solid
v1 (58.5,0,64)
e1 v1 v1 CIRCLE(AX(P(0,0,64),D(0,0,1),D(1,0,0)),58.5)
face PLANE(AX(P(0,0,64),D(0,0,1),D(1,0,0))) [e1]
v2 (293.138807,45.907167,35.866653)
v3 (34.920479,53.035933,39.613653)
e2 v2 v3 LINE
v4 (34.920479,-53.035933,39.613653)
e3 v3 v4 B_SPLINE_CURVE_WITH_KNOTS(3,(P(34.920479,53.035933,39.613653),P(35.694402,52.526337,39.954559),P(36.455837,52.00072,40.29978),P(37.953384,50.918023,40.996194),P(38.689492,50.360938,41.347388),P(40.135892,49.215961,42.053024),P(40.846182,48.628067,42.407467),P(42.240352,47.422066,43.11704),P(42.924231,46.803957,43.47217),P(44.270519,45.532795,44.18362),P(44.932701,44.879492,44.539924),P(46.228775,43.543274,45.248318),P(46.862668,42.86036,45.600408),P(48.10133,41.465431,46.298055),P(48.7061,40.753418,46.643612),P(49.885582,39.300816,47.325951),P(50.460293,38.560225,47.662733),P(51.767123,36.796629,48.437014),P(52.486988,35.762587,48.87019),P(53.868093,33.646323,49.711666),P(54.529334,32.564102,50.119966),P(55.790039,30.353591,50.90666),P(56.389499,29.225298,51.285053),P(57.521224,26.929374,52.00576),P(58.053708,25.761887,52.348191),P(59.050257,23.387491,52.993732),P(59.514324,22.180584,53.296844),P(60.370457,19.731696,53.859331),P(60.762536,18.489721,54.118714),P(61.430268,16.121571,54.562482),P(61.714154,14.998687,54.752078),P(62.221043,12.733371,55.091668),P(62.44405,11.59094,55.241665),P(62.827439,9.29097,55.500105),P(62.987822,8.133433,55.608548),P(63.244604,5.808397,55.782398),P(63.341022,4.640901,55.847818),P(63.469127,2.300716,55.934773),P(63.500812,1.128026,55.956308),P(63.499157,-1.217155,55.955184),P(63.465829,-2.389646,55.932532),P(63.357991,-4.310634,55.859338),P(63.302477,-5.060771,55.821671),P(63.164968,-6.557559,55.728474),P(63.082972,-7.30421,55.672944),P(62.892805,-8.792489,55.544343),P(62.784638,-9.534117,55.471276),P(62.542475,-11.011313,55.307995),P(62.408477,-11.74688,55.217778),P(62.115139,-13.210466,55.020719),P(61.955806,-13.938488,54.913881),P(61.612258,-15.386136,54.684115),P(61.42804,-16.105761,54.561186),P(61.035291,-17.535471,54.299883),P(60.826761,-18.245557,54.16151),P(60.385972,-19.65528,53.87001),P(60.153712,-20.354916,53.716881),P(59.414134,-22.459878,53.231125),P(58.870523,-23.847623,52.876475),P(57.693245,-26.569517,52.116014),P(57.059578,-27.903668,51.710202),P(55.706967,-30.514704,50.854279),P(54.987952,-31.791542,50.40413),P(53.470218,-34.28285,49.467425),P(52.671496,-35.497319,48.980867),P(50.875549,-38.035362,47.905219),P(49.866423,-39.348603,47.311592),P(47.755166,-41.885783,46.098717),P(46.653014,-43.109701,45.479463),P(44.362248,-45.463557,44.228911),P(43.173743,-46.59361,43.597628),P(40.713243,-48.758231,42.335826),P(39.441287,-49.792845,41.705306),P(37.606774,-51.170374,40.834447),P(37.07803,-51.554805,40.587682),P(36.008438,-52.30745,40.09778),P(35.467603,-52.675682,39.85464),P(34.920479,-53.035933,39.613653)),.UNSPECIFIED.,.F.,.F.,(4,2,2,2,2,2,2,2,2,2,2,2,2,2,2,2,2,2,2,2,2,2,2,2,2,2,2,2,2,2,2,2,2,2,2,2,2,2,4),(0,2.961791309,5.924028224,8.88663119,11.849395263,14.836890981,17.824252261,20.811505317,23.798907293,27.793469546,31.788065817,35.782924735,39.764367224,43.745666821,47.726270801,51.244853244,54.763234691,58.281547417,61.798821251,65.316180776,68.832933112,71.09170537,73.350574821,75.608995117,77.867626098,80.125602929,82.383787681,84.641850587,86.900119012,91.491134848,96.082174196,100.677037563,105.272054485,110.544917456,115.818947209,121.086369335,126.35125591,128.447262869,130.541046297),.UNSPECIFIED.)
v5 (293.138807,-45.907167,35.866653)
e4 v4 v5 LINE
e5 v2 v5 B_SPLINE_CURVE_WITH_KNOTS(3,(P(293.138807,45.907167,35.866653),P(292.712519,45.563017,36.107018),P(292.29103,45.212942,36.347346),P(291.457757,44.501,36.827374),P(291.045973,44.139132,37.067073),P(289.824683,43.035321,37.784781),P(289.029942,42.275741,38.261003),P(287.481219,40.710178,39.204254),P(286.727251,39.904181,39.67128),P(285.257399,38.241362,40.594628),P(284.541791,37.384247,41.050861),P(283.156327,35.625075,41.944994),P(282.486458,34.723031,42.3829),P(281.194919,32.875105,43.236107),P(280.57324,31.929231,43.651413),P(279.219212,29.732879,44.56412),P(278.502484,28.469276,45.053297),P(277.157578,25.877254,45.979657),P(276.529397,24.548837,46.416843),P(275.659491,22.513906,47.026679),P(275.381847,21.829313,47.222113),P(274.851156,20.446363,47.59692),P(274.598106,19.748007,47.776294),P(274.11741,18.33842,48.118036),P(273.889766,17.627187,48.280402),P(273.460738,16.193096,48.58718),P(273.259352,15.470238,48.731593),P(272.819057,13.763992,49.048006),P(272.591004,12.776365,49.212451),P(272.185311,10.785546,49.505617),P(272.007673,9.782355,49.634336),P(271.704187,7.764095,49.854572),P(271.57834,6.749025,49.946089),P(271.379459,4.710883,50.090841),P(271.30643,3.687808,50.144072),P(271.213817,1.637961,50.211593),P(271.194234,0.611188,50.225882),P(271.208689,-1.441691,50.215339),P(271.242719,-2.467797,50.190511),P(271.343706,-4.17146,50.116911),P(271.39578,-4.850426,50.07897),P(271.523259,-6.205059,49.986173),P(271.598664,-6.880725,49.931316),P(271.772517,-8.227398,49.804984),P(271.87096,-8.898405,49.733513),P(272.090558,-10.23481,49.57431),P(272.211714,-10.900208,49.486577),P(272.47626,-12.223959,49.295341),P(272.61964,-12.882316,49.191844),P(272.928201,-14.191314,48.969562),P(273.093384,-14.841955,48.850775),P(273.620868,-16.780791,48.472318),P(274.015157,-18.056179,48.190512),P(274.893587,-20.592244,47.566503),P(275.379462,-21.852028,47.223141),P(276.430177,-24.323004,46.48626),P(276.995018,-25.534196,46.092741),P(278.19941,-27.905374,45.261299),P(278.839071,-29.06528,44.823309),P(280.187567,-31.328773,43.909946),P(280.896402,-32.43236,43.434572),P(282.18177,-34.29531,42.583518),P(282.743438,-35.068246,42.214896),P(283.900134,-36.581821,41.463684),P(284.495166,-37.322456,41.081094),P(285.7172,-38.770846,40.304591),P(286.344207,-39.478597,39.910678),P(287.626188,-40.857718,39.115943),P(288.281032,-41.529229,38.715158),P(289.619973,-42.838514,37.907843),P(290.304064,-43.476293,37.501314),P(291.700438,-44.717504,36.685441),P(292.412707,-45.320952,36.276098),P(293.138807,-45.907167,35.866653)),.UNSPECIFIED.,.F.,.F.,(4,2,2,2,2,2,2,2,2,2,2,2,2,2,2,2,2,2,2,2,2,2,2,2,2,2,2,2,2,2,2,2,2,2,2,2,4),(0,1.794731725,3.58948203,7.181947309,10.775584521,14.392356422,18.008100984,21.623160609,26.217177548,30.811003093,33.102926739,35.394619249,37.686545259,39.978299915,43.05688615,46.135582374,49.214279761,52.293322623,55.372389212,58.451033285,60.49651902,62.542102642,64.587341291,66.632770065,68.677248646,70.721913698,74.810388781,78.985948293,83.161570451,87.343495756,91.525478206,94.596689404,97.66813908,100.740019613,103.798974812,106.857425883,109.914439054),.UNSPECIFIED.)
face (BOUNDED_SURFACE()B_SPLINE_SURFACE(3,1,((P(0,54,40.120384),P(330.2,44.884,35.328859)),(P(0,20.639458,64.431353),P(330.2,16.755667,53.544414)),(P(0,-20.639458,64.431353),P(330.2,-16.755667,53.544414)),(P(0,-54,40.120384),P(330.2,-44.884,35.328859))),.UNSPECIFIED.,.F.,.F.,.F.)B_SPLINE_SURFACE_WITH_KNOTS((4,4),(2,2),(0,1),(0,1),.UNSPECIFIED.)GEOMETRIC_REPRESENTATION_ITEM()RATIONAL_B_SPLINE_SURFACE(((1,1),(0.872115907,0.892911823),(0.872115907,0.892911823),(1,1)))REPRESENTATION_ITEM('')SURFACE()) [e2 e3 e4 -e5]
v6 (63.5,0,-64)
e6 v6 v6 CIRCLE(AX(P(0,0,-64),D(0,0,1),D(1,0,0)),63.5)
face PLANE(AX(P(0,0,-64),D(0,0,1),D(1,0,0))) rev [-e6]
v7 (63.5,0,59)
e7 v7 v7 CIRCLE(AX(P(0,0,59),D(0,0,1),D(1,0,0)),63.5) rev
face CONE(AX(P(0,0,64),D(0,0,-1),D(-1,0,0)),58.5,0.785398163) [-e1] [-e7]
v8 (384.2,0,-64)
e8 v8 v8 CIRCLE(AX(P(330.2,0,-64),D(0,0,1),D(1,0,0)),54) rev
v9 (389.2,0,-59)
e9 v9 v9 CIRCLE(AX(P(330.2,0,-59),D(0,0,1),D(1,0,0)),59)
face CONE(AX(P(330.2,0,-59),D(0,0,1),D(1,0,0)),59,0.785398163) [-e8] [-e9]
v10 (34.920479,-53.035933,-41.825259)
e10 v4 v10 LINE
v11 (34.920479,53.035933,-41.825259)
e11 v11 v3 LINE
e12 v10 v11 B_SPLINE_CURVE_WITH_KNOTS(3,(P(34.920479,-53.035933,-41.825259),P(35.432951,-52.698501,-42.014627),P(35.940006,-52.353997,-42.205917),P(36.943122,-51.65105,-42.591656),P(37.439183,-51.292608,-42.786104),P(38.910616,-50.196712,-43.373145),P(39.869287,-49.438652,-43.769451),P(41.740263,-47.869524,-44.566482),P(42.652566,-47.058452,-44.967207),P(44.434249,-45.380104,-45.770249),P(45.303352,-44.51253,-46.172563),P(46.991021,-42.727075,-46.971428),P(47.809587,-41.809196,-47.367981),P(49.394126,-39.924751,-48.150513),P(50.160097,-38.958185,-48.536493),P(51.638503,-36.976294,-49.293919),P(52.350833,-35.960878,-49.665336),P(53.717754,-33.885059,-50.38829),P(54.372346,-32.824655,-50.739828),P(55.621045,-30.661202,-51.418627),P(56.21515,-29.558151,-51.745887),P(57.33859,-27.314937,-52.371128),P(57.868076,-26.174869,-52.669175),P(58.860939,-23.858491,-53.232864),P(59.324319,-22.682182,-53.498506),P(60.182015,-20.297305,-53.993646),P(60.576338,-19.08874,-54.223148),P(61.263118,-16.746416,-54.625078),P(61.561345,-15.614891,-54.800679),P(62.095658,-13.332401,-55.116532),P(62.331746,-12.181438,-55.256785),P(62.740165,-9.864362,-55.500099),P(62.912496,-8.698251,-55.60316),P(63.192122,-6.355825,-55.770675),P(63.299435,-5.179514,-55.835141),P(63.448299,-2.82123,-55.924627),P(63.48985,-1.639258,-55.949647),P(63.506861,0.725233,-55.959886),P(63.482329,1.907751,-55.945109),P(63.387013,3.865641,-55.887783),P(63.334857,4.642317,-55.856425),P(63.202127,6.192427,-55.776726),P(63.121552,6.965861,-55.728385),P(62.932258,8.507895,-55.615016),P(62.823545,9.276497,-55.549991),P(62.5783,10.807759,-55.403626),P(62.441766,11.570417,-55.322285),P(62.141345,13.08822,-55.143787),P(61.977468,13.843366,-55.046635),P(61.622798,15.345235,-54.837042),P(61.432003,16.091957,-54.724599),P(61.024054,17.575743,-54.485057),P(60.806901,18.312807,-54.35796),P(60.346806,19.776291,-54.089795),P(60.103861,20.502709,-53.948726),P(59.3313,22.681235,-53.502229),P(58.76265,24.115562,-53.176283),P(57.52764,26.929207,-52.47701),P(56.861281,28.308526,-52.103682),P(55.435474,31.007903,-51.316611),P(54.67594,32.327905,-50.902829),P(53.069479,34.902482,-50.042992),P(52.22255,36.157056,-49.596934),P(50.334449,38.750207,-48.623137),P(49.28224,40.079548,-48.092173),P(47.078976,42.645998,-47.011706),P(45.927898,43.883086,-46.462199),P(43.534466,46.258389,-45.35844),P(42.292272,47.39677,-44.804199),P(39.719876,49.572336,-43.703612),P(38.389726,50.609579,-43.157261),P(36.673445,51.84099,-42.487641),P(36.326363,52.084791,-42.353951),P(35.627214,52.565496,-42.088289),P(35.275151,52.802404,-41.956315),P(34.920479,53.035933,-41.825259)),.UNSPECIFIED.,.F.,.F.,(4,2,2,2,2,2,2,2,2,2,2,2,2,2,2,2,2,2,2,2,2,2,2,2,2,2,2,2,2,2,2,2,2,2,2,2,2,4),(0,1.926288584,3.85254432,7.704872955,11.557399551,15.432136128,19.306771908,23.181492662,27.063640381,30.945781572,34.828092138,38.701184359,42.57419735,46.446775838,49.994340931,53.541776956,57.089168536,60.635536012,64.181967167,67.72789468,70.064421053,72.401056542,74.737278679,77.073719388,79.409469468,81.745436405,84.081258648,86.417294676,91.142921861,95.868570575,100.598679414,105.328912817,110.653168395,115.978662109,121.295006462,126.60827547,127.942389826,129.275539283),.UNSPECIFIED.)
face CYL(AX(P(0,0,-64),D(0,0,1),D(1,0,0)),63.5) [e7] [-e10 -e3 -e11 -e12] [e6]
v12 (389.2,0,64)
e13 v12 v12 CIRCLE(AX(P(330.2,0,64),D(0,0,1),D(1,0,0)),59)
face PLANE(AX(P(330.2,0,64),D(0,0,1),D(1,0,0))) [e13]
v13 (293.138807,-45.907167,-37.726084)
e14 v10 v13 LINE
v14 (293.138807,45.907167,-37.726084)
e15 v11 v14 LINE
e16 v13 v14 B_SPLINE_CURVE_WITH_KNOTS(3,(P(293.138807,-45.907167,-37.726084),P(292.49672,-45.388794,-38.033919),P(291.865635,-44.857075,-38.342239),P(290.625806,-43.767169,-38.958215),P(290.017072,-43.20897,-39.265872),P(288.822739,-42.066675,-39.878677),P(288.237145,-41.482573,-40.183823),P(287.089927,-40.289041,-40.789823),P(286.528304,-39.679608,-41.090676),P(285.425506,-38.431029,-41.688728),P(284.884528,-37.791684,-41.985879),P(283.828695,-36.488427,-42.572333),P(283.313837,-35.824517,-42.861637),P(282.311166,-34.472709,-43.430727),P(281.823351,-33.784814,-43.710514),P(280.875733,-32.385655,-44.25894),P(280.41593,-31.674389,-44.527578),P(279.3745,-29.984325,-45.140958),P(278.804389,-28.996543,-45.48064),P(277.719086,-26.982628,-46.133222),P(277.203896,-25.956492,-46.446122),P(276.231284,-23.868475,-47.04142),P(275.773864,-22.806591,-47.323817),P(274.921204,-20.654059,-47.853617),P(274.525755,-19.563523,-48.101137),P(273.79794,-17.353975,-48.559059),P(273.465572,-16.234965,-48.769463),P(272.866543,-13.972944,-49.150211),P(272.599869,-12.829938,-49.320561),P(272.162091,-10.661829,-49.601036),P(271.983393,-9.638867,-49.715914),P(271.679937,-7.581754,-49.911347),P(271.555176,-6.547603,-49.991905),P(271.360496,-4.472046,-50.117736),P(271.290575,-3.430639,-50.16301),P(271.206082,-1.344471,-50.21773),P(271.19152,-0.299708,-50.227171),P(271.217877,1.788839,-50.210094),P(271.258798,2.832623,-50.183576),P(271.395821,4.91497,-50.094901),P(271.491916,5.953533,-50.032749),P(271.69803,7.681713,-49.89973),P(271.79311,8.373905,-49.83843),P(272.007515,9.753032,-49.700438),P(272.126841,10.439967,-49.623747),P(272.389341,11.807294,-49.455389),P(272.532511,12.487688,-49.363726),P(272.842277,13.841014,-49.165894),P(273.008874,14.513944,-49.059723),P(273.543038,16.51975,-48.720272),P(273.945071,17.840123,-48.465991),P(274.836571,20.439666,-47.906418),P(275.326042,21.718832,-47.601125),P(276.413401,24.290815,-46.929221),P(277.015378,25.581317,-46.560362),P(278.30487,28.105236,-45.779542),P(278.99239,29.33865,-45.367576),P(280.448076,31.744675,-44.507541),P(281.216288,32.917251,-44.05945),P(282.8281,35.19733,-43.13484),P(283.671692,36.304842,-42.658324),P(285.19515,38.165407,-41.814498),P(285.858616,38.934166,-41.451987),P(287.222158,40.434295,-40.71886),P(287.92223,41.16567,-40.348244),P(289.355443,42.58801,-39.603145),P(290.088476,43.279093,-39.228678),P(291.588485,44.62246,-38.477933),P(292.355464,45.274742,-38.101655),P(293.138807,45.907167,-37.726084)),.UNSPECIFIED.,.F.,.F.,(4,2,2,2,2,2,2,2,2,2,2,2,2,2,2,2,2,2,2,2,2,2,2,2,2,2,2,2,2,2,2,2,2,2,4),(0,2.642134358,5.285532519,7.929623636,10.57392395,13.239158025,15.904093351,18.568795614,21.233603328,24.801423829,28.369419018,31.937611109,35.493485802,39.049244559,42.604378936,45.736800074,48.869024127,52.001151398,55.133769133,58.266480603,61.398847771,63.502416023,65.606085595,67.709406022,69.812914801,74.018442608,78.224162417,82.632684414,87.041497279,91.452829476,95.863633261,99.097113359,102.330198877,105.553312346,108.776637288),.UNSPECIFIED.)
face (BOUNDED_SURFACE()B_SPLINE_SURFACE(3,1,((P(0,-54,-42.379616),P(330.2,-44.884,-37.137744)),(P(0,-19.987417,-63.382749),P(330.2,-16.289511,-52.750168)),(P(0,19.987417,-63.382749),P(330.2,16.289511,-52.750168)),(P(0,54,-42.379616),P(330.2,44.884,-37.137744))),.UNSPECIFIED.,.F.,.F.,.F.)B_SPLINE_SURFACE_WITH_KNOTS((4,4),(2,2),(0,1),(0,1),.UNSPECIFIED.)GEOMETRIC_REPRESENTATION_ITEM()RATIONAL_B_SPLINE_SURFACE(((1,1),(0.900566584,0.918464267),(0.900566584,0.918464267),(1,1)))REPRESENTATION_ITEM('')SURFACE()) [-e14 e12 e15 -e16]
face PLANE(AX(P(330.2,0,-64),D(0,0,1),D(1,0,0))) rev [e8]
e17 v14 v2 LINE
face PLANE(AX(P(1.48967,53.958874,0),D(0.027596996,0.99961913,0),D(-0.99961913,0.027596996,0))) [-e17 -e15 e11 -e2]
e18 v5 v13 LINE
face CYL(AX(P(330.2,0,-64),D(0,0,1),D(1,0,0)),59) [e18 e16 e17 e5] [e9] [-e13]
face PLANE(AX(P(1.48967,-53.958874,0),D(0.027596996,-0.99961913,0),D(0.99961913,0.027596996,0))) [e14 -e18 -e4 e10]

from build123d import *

# Parameters (mm, degrees)
BOSS_EXTRUDE1_DEPTH      = 64
BOSS_EXTRUDE1_DEPTH_BACK = 64
SKETCH1_R                = 63.5
CHAMFER1_SIZE            = 5
BOSS_EXTRUDE2_DEPTH      = 64
BOSS_EXTRUDE2_DEPTH_BACK = 64
SKETCH9_R                = 59
CHAMFER2_SIZE            = 5


with BuildPart() as part:
    # Sketch1 → Boss-Extrude1 (new, two sides: drawn at the far end of the back side and taken through both)
    with BuildSketch(Plane.XY.offset(-BOSS_EXTRUDE1_DEPTH_BACK)):
        Circle(SKETCH1_R)
    extrude(amount=BOSS_EXTRUDE1_DEPTH + BOSS_EXTRUDE1_DEPTH_BACK)

    # Chamfer1
    chamfer1_edges = [part.edges().sort_by_distance(p)[0] for p in [
        (-63.5, 0, 64),
    ]]
    chamfer(chamfer1_edges, length=CHAMFER1_SIZE)

    # Sketch6 for Loft1 → Loft1 section 0
    with BuildSketch(Plane.ZY):
        with BuildLine():
            Line((40.120383673, -54), (-42.379616327, -54))
            # circular arc as an exact rational Bezier (weights 1, cos(half-angle), 1)
            Bezier((-42.379616327, -54), (-75.725192624, 0), (-42.379616327, 54), weights=[1, 0.850849875, 1])
            Line((-42.379616327, 54), (40.120383673, 54))
            Bezier((40.120383673, 54), (79.472033784, 0), (40.120383673, -54), weights=[1, 0.80817386, 1])
        make_face()
    # Sketch7 for Loft1 → Loft1 section 1
    with BuildSketch(Plane(origin=(330.2, 0, 59), x_dir=(0, 0, 1), z_dir=(-1, 0, 0))):
        with BuildLine():
            Line((-23.671140694, -44.884), (-96.137743849, -44.884))
            Bezier((-96.137743849, -44.884), (-120.644145307, 0), (-96.137743849, 44.884), weights=[1, 0.8776964, 1])
            Line((-96.137743849, 44.884), (-23.671140694, 44.884))
            Bezier((-23.671140694, 44.884), (5.395173034, 0), (-23.671140694, -44.884), weights=[1, 0.839367735, 1])
        make_face()
    loft()

    # Sketch9 → Boss-Extrude2 (add, two sides: drawn at the far end of the back side and taken through both)
    with BuildSketch(Plane.XY.offset(-BOSS_EXTRUDE2_DEPTH_BACK)):
        with Locations((330.2, 0)):
            Circle(SKETCH9_R)
    extrude(amount=BOSS_EXTRUDE2_DEPTH + BOSS_EXTRUDE2_DEPTH_BACK)

    # Chamfer2
    chamfer2_edges = [part.edges().sort_by_distance(p)[0] for p in [
        (271.2, 0, -64),
    ]]
    chamfer(chamfer2_edges, length=CHAMFER2_SIZE)


solid = part.part
